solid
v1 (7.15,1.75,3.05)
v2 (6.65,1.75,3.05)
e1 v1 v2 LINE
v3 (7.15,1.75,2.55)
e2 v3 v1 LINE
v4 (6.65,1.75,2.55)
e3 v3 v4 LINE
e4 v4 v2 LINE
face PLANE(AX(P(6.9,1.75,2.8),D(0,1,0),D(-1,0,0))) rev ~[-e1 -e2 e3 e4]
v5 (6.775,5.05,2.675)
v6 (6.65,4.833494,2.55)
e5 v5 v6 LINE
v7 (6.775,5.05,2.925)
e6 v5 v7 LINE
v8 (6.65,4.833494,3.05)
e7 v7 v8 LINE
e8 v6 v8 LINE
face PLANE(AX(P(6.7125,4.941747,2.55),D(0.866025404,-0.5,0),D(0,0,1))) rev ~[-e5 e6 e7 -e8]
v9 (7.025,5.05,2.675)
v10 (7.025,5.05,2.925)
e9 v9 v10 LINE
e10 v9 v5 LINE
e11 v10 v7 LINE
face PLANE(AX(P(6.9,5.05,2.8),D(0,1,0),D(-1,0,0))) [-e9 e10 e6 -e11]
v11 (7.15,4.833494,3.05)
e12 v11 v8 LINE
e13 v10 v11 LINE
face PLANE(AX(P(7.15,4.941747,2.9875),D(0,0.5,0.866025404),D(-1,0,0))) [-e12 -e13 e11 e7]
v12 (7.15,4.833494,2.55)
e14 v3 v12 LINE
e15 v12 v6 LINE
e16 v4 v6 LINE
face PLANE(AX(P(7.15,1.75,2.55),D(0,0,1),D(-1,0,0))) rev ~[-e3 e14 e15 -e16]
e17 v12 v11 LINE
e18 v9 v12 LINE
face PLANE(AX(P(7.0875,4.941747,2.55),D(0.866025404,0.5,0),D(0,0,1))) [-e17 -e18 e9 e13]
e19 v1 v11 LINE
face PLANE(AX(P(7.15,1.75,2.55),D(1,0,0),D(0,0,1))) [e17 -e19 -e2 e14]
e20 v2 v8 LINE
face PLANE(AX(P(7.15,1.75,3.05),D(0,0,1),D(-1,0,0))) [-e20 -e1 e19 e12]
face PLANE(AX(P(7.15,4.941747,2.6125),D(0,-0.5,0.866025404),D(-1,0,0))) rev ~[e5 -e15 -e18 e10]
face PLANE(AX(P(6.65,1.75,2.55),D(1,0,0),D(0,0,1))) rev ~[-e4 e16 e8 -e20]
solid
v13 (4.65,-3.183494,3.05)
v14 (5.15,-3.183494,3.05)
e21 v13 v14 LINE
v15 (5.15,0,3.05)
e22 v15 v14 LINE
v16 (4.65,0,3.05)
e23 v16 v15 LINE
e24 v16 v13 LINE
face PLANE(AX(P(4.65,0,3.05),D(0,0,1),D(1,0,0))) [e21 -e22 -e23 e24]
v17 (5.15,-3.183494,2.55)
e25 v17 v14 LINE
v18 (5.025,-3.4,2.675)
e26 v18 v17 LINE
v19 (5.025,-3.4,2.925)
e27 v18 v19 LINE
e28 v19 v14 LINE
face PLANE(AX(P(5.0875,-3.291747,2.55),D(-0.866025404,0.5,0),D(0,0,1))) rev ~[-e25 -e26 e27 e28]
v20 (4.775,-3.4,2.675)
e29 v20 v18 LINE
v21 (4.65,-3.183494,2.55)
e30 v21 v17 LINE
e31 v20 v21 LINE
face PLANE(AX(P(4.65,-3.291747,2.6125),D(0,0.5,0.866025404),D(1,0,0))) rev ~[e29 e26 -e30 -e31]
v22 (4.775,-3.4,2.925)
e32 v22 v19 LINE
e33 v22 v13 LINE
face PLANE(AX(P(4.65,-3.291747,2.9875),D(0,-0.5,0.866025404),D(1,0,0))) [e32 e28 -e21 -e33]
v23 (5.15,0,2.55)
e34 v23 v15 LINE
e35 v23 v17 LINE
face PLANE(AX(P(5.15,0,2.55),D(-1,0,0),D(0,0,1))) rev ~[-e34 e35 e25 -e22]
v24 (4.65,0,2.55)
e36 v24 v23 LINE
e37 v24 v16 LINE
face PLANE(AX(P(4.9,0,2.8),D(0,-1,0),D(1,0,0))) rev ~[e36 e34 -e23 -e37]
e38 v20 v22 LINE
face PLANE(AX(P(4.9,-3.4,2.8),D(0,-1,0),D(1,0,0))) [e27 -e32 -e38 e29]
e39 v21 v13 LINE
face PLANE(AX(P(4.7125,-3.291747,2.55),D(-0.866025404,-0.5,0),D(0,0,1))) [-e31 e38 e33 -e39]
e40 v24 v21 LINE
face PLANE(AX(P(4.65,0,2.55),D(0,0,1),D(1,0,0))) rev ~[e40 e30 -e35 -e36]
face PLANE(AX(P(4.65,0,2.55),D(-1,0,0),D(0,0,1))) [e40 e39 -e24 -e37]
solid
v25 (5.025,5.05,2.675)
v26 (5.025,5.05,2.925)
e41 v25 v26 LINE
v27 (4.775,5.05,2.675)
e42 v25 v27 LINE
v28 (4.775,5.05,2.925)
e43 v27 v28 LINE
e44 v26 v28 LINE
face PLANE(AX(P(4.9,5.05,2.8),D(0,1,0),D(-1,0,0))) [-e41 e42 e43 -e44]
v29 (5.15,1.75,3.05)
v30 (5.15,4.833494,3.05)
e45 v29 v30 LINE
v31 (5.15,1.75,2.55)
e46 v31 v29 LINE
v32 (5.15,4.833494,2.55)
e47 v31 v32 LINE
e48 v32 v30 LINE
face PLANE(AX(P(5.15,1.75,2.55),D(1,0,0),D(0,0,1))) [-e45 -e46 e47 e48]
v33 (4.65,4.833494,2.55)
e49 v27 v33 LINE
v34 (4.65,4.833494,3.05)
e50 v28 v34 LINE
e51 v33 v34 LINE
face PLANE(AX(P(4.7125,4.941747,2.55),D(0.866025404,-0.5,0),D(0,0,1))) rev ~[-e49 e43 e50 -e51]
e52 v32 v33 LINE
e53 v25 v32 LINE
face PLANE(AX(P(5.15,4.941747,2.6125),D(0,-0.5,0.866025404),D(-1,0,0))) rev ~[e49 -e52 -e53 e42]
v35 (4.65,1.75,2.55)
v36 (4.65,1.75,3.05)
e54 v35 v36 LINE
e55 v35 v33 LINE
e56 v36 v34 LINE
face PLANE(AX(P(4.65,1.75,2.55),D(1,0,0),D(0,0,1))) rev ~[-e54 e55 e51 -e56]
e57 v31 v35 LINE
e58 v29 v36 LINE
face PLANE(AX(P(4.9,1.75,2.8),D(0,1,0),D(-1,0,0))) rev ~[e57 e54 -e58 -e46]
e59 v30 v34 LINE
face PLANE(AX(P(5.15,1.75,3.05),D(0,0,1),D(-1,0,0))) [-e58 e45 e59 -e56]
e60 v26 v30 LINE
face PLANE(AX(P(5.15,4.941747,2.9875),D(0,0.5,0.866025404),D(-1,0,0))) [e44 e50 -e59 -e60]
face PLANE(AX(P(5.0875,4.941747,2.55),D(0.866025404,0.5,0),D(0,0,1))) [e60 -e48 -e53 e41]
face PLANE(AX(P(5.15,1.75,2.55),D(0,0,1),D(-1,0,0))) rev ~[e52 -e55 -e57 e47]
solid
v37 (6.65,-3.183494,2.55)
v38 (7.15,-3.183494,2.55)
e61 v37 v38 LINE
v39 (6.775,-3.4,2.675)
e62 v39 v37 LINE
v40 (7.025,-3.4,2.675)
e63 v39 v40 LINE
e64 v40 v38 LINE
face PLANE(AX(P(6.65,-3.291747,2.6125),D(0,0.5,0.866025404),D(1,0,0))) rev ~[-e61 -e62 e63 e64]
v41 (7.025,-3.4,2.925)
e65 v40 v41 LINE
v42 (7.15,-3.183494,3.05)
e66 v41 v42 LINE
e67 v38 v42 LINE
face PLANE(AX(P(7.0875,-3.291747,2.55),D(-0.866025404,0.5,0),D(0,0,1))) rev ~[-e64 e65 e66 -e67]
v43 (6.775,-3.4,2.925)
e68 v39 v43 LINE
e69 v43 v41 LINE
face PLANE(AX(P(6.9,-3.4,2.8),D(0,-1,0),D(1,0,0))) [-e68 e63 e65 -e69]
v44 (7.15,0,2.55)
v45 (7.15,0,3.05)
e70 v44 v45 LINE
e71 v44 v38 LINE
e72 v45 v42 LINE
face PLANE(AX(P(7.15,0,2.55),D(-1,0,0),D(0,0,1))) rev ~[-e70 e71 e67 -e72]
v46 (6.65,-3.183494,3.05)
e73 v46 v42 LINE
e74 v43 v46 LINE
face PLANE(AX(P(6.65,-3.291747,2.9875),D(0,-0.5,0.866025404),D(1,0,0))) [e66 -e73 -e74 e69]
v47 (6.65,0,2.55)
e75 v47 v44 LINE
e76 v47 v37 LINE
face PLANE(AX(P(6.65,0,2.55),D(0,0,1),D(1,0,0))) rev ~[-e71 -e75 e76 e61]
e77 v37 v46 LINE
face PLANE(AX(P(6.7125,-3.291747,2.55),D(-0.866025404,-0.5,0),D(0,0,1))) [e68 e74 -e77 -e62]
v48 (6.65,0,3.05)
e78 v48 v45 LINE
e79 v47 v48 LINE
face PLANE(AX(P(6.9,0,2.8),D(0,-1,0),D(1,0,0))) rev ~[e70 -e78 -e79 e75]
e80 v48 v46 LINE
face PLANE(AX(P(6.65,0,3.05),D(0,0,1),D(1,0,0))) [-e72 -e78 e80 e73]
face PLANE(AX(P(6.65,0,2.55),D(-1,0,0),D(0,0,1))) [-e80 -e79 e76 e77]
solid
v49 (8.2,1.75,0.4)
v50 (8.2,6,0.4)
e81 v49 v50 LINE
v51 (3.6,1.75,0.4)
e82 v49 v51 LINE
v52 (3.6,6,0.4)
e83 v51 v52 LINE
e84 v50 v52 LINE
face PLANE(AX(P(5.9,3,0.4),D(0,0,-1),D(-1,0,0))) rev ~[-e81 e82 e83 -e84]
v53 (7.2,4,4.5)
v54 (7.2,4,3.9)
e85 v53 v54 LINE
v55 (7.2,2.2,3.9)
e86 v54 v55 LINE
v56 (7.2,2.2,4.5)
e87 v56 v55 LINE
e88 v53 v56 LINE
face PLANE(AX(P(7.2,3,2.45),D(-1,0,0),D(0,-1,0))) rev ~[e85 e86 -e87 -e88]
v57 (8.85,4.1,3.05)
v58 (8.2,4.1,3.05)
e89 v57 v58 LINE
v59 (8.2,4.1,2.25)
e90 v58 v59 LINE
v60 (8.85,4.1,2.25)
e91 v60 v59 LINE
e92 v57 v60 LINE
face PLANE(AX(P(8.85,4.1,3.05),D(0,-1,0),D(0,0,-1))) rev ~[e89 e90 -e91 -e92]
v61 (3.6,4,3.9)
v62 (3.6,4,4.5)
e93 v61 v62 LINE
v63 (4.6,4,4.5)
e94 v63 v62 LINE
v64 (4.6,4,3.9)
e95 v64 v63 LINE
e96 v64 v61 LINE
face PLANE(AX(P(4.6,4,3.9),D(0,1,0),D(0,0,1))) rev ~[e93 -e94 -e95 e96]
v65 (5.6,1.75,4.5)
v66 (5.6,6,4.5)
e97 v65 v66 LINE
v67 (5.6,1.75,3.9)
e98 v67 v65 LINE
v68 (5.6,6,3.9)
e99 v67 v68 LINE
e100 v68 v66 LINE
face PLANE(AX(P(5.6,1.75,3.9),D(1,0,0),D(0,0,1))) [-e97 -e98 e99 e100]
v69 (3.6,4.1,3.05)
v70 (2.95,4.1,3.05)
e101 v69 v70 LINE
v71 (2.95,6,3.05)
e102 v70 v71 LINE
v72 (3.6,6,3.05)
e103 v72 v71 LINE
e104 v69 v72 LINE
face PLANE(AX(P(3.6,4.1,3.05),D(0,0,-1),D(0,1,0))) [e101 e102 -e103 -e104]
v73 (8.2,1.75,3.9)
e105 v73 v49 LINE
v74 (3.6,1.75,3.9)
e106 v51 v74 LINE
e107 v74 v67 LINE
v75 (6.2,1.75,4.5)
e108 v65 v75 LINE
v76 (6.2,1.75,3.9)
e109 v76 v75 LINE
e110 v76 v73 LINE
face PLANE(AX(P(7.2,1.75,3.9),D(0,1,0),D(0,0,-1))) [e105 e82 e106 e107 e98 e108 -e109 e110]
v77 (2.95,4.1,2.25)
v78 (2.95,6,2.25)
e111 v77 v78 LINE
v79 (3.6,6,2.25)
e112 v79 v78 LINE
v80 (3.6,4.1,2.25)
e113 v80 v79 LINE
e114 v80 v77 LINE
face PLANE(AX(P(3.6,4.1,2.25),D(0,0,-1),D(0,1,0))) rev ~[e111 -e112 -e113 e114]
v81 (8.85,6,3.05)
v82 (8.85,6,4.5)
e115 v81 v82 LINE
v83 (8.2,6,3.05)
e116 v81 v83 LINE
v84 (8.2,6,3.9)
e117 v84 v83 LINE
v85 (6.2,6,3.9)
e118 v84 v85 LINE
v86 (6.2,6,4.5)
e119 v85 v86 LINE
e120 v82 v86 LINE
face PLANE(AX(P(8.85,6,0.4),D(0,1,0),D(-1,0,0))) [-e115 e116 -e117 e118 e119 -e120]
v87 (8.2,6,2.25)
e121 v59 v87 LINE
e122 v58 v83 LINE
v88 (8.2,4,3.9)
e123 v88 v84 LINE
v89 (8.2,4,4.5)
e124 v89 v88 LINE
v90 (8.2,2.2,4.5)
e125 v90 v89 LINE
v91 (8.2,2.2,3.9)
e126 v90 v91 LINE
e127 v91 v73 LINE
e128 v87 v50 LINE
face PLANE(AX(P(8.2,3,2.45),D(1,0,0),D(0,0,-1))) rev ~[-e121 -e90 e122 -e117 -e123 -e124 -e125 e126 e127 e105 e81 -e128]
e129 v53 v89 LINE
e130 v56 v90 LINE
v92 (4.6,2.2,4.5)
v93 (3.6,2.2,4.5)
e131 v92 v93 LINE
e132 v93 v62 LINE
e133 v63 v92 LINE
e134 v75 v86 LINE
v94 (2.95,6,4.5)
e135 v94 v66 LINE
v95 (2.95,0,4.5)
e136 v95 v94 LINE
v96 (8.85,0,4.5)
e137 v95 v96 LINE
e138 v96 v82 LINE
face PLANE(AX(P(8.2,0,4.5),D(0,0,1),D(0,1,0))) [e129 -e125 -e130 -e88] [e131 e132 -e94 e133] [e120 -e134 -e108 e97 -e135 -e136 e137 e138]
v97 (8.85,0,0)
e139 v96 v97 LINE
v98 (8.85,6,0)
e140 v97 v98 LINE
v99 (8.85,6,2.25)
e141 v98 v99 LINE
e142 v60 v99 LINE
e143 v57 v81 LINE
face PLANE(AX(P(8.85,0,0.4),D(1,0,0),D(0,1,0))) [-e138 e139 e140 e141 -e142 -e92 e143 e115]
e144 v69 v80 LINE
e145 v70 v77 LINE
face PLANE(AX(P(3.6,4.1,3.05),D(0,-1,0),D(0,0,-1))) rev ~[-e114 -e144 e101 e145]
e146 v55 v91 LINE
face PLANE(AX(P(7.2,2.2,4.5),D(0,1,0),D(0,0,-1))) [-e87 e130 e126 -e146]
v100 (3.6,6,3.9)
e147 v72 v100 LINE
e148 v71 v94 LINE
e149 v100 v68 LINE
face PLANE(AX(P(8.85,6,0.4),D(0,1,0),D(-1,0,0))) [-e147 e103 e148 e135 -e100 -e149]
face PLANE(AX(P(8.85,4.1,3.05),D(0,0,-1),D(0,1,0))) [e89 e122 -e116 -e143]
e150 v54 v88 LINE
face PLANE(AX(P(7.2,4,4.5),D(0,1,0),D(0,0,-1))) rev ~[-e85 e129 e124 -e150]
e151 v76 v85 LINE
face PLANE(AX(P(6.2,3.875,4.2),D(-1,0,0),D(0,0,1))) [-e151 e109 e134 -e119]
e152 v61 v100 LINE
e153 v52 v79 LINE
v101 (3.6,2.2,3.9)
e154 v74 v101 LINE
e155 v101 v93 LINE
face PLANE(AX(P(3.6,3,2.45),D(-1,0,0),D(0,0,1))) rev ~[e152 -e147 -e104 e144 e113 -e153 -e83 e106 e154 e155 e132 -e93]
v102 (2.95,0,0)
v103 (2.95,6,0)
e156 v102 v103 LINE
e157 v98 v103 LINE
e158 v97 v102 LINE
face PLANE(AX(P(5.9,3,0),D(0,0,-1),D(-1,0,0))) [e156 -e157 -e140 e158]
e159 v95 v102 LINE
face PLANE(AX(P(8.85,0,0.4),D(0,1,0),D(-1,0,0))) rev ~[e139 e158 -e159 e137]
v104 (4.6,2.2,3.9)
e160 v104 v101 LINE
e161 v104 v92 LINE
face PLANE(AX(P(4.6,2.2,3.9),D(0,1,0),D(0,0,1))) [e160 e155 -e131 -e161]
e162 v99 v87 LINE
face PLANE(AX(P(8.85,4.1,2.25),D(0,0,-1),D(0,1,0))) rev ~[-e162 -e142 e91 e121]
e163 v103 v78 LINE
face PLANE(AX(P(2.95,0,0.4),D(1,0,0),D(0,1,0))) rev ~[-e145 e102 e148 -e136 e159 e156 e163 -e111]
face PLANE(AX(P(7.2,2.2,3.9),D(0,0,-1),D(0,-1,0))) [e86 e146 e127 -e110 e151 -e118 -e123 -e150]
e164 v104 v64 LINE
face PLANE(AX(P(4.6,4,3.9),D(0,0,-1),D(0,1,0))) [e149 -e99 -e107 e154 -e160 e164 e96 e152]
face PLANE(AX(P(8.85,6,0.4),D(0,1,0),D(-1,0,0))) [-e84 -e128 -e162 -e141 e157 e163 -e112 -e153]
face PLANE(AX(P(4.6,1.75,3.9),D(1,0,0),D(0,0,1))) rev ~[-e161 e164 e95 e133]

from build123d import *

# Parameters (mm, degrees)
SKETCH1_W            = 6
SKETCH1_H            = 4.1
BOSS_EXTRUDE1_DEPTH  = 2.6
SKETCH2_W            = 2.6
SKETCH2_H            = 3.5
CUT_EXTRUDE1_DEPTH   = 4.25
SKETCH3_W            = 0.6
SKETCH3_H            = 4.25
CUT_EXTRUDE2_DEPTH   = 1.6
SKETCH4_W            = 1
SKETCH4_H            = 0.6
BOSS_EXTRUDE2_DEPTH  = 4.25
BOSS_EXTRUDE3_DEPTH  = 1
SKETCH6_W            = 0.6
SKETCH6_H            = 2
BOSS_EXTRUDE4_DEPTH  = 1
SKETCH7_W            = 4.1
SKETCH7_H            = 6
BOSS_EXTRUDE5_DEPTH  = 0.65
SKETCH8_W            = 0.6
SKETCH8_H            = 2
BOSS_EXTRUDE6_DEPTH  = 1
BOSS_EXTRUDE7_DEPTH  = 1
SKETCH10_W           = 4.1
SKETCH10_H           = 6
BOSS_EXTRUDE8_DEPTH  = 0.65
SKETCH11_W           = 5.9
SKETCH11_H           = 6
BOSS_EXTRUDE9_DEPTH  = 0.4
SKETCH12_W           = 0.8
SKETCH12_H           = 1.9
CUT_EXTRUDE3_DEPTH   = 1.65
SKETCH13_W           = 0.8
SKETCH13_H           = 1.9
CUT_EXTRUDE4_DEPTH   = 6.9
SKETCH14_W           = 0.5
SKETCH14_H           = 0.5
BOSS_EXTRUDE10_DEPTH = 3.3
SKETCH15_W           = 0.5
SKETCH15_H           = 0.5
BOSS_EXTRUDE11_DEPTH = 3.3
SKETCH16_W           = 0.5
SKETCH16_H           = 0.5
BOSS_EXTRUDE12_DEPTH = 3.4
SKETCH17_W           = 0.5
SKETCH17_H           = 0.5
BOSS_EXTRUDE13_DEPTH = 3.4
CHAMFER1_SIZE        = 0.125
CHAMFER1_SIZE2       = 0.216506351
CHAMFER2_SIZE        = 0.125
CHAMFER2_SIZE2       = 0.216506351
CHAMFER3_SIZE        = 0.125
CHAMFER3_SIZE2       = 0.216506351
CHAMFER4_SIZE        = 0.125
CHAMFER4_SIZE2       = 0.216506351


with BuildPart() as part:
    # Sketch1 → Boss-Extrude1 (new body)
    with BuildSketch(Plane(origin=(4.6, 0, 0), x_dir=(0, -1, 0), z_dir=(-1, 0, 0))):
        with Locations((-3, 2.45)):
            Rectangle(SKETCH1_W, SKETCH1_H)
    extrude(amount=-BOSS_EXTRUDE1_DEPTH)

    # Sketch2 → Cut-Extrude1 (cut)
    with BuildSketch(Plane(origin=(0, 6, 0), x_dir=(-1, 0, 0), z_dir=(0, 1, 0))):
        with Locations((-5.9, 2.15)):
            Rectangle(SKETCH2_W, SKETCH2_H)
    extrude(amount=-CUT_EXTRUDE1_DEPTH, mode=Mode.SUBTRACT)

    # Sketch3 → Cut-Extrude2 (cut)
    with BuildSketch(Plane.ZY.offset(-4.6)):
        with Locations((4.2, 3.875)):
            Rectangle(SKETCH3_W, SKETCH3_H)
    extrude(amount=-CUT_EXTRUDE2_DEPTH, mode=Mode.SUBTRACT)

    # Sketch4 → Boss-Extrude2 (add)
    with BuildSketch(Plane(origin=(0, 1.75, 0), x_dir=(-1, 0, 0), z_dir=(0, 1, 0))):
        with Locations((-5.1, 4.2)):
            Rectangle(SKETCH4_W, SKETCH4_H)
    extrude(amount=BOSS_EXTRUDE2_DEPTH)

    # Sketch5 → Boss-Extrude3 (add)
    with BuildSketch(Plane.ZY.offset(-4.6)):
        Polygon((0.4, 0), (0.4, 1.75), (3.9, 1.75), (3.9, 2.2), (4.5, 2.2), (4.5, 0), align=None)
    extrude(amount=BOSS_EXTRUDE3_DEPTH)

    # Sketch6 → Boss-Extrude4 (add)
    with BuildSketch(Plane.ZY.offset(-4.6)):
        with Locations((4.2, 5)):
            Rectangle(SKETCH6_W, SKETCH6_H)
    extrude(amount=BOSS_EXTRUDE4_DEPTH)

    # Sketch7 → Boss-Extrude5 (add)
    with BuildSketch(Plane.ZY.offset(-3.6)):
        with Locations((2.45, 3)):
            Rectangle(SKETCH7_W, SKETCH7_H)
    extrude(amount=BOSS_EXTRUDE5_DEPTH)

    # Sketch8 → Boss-Extrude6 (add)
    with BuildSketch(Plane(origin=(7.2, 0, 0), x_dir=(0, 0, -1), z_dir=(1, 0, 0))):
        with Locations((-4.2, 5)):
            Rectangle(SKETCH8_W, SKETCH8_H)
    extrude(amount=BOSS_EXTRUDE6_DEPTH)

    # Sketch9 → Boss-Extrude7 (add)
    with BuildSketch(Plane(origin=(7.2, 0, 0), x_dir=(0, 0, -1), z_dir=(1, 0, 0))):
        Polygon((-3.9, 1.75), (-0.4, 1.75), (-0.4, 0), (-4.5, 0), (-4.5, 2.2), (-3.9, 2.2), align=None)
    extrude(amount=BOSS_EXTRUDE7_DEPTH)

    # Sketch10 → Boss-Extrude8 (add)
    with BuildSketch(Plane(origin=(8.2, 0, 0), x_dir=(0, 0, -1), z_dir=(1, 0, 0))):
        with Locations((-2.45, 3)):
            Rectangle(SKETCH10_W, SKETCH10_H)
    extrude(amount=BOSS_EXTRUDE8_DEPTH)

    # Sketch11 → Boss-Extrude9 (add)
    with BuildSketch(Plane(origin=(0, 0, 0.4), x_dir=(-1, 0, 0), z_dir=(0, 0, -1))):
        with Locations((-5.9, 3)):
            Rectangle(SKETCH11_W, SKETCH11_H)
    extrude(amount=BOSS_EXTRUDE9_DEPTH)

    # Sketch12 → Cut-Extrude3 (cut, through all)
    with BuildSketch(Plane(origin=(3.6, 0, 0), x_dir=(0, 0, -1), z_dir=(1, 0, 0))):
        with Locations((-2.65, 5.05)):
            Rectangle(SKETCH12_W, SKETCH12_H)
    extrude(amount=-CUT_EXTRUDE3_DEPTH, mode=Mode.SUBTRACT)

    # Sketch13 → Cut-Extrude4 (cut, through all)
    with BuildSketch(Plane(origin=(8.85, 0, 0), x_dir=(0, 0, -1), z_dir=(1, 0, 0))):
        with Locations((-2.65, 5.05)):
            Rectangle(SKETCH13_W, SKETCH13_H)
    extrude(amount=-CUT_EXTRUDE4_DEPTH, mode=Mode.SUBTRACT)


with BuildPart() as body_2:
    # Sketch14 → Boss-Extrude10 (new body)
    with BuildSketch(Plane(origin=(0, 1.75, 0), x_dir=(-1, 0, 0), z_dir=(0, 1, 0))):
        with Locations((-4.9, 2.8)):
            Rectangle(SKETCH14_W, SKETCH14_H)
    extrude(amount=BOSS_EXTRUDE10_DEPTH)

    # Chamfer1
    chamfer1_edges = [body_2.edges().sort_by_distance(p)[0] for p in [
        (5.15, 5.05, 2.8),
        (4.9, 5.05, 2.55),
        (4.65, 5.05, 2.8),
        (4.9, 5.05, 3.05),
    ]]
    chamfer1_side = [body_2.faces().sort_by_distance(p)[0] for p in [
        (4.9, 5.05, 2.8),
    ]]
    chamfer(chamfer1_edges, length=CHAMFER1_SIZE, length2=CHAMFER1_SIZE2, reference=chamfer1_side[0])


with BuildPart() as body_3:
    # Sketch15 → Boss-Extrude11 (new body)
    with BuildSketch(Plane(origin=(0, 1.75, 0), x_dir=(-1, 0, 0), z_dir=(0, 1, 0))):
        with Locations((-6.9, 2.8)):
            Rectangle(SKETCH15_W, SKETCH15_H)
    extrude(amount=BOSS_EXTRUDE11_DEPTH)

    # Chamfer2
    chamfer2_edges = [body_3.edges().sort_by_distance(p)[0] for p in [
        (7.15, 5.05, 2.8),
        (6.9, 5.05, 2.55),
        (6.65, 5.05, 2.8),
        (6.9, 5.05, 3.05),
    ]]
    chamfer2_side = [body_3.faces().sort_by_distance(p)[0] for p in [
        (6.9, 5.05, 2.8),
    ]]
    chamfer(chamfer2_edges, length=CHAMFER2_SIZE, length2=CHAMFER2_SIZE2, reference=chamfer2_side[0])


with BuildPart() as body_4:
    # Sketch16 → Boss-Extrude12 (new body)
    with BuildSketch(Plane.XZ):
        with Locations((4.9, 2.8)):
            Rectangle(SKETCH16_W, SKETCH16_H)
    extrude(amount=BOSS_EXTRUDE12_DEPTH)

    # Chamfer4
    chamfer4_edges = [body_4.edges().sort_by_distance(p)[0] for p in [
        (4.9, -3.4, 2.55),
        (5.15, -3.4, 2.8),
        (4.9, -3.4, 3.05),
        (4.65, -3.4, 2.8),
    ]]
    chamfer4_side = [body_4.faces().sort_by_distance(p)[0] for p in [
        (4.9, -3.4, 2.8),
    ]]
    chamfer(chamfer4_edges, length=CHAMFER4_SIZE, length2=CHAMFER4_SIZE2, reference=chamfer4_side[0])


with BuildPart() as body_5:
    # Sketch17 → Boss-Extrude13 (new body)
    with BuildSketch(Plane.XZ):
        with Locations((6.9, 2.8)):
            Rectangle(SKETCH17_W, SKETCH17_H)
    extrude(amount=BOSS_EXTRUDE13_DEPTH)

    # Chamfer3
    chamfer3_edges = [body_5.edges().sort_by_distance(p)[0] for p in [
        (6.9, -3.4, 2.55),
        (7.15, -3.4, 2.8),
        (6.9, -3.4, 3.05),
        (6.65, -3.4, 2.8),
    ]]
    chamfer3_side = [body_5.faces().sort_by_distance(p)[0] for p in [
        (6.9, -3.4, 2.8),
    ]]
    chamfer(chamfer3_edges, length=CHAMFER3_SIZE, length2=CHAMFER3_SIZE2, reference=chamfer3_side[0])


solid = Compound([part.part, body_2.part, body_3.part, body_4.part, body_5.part])
